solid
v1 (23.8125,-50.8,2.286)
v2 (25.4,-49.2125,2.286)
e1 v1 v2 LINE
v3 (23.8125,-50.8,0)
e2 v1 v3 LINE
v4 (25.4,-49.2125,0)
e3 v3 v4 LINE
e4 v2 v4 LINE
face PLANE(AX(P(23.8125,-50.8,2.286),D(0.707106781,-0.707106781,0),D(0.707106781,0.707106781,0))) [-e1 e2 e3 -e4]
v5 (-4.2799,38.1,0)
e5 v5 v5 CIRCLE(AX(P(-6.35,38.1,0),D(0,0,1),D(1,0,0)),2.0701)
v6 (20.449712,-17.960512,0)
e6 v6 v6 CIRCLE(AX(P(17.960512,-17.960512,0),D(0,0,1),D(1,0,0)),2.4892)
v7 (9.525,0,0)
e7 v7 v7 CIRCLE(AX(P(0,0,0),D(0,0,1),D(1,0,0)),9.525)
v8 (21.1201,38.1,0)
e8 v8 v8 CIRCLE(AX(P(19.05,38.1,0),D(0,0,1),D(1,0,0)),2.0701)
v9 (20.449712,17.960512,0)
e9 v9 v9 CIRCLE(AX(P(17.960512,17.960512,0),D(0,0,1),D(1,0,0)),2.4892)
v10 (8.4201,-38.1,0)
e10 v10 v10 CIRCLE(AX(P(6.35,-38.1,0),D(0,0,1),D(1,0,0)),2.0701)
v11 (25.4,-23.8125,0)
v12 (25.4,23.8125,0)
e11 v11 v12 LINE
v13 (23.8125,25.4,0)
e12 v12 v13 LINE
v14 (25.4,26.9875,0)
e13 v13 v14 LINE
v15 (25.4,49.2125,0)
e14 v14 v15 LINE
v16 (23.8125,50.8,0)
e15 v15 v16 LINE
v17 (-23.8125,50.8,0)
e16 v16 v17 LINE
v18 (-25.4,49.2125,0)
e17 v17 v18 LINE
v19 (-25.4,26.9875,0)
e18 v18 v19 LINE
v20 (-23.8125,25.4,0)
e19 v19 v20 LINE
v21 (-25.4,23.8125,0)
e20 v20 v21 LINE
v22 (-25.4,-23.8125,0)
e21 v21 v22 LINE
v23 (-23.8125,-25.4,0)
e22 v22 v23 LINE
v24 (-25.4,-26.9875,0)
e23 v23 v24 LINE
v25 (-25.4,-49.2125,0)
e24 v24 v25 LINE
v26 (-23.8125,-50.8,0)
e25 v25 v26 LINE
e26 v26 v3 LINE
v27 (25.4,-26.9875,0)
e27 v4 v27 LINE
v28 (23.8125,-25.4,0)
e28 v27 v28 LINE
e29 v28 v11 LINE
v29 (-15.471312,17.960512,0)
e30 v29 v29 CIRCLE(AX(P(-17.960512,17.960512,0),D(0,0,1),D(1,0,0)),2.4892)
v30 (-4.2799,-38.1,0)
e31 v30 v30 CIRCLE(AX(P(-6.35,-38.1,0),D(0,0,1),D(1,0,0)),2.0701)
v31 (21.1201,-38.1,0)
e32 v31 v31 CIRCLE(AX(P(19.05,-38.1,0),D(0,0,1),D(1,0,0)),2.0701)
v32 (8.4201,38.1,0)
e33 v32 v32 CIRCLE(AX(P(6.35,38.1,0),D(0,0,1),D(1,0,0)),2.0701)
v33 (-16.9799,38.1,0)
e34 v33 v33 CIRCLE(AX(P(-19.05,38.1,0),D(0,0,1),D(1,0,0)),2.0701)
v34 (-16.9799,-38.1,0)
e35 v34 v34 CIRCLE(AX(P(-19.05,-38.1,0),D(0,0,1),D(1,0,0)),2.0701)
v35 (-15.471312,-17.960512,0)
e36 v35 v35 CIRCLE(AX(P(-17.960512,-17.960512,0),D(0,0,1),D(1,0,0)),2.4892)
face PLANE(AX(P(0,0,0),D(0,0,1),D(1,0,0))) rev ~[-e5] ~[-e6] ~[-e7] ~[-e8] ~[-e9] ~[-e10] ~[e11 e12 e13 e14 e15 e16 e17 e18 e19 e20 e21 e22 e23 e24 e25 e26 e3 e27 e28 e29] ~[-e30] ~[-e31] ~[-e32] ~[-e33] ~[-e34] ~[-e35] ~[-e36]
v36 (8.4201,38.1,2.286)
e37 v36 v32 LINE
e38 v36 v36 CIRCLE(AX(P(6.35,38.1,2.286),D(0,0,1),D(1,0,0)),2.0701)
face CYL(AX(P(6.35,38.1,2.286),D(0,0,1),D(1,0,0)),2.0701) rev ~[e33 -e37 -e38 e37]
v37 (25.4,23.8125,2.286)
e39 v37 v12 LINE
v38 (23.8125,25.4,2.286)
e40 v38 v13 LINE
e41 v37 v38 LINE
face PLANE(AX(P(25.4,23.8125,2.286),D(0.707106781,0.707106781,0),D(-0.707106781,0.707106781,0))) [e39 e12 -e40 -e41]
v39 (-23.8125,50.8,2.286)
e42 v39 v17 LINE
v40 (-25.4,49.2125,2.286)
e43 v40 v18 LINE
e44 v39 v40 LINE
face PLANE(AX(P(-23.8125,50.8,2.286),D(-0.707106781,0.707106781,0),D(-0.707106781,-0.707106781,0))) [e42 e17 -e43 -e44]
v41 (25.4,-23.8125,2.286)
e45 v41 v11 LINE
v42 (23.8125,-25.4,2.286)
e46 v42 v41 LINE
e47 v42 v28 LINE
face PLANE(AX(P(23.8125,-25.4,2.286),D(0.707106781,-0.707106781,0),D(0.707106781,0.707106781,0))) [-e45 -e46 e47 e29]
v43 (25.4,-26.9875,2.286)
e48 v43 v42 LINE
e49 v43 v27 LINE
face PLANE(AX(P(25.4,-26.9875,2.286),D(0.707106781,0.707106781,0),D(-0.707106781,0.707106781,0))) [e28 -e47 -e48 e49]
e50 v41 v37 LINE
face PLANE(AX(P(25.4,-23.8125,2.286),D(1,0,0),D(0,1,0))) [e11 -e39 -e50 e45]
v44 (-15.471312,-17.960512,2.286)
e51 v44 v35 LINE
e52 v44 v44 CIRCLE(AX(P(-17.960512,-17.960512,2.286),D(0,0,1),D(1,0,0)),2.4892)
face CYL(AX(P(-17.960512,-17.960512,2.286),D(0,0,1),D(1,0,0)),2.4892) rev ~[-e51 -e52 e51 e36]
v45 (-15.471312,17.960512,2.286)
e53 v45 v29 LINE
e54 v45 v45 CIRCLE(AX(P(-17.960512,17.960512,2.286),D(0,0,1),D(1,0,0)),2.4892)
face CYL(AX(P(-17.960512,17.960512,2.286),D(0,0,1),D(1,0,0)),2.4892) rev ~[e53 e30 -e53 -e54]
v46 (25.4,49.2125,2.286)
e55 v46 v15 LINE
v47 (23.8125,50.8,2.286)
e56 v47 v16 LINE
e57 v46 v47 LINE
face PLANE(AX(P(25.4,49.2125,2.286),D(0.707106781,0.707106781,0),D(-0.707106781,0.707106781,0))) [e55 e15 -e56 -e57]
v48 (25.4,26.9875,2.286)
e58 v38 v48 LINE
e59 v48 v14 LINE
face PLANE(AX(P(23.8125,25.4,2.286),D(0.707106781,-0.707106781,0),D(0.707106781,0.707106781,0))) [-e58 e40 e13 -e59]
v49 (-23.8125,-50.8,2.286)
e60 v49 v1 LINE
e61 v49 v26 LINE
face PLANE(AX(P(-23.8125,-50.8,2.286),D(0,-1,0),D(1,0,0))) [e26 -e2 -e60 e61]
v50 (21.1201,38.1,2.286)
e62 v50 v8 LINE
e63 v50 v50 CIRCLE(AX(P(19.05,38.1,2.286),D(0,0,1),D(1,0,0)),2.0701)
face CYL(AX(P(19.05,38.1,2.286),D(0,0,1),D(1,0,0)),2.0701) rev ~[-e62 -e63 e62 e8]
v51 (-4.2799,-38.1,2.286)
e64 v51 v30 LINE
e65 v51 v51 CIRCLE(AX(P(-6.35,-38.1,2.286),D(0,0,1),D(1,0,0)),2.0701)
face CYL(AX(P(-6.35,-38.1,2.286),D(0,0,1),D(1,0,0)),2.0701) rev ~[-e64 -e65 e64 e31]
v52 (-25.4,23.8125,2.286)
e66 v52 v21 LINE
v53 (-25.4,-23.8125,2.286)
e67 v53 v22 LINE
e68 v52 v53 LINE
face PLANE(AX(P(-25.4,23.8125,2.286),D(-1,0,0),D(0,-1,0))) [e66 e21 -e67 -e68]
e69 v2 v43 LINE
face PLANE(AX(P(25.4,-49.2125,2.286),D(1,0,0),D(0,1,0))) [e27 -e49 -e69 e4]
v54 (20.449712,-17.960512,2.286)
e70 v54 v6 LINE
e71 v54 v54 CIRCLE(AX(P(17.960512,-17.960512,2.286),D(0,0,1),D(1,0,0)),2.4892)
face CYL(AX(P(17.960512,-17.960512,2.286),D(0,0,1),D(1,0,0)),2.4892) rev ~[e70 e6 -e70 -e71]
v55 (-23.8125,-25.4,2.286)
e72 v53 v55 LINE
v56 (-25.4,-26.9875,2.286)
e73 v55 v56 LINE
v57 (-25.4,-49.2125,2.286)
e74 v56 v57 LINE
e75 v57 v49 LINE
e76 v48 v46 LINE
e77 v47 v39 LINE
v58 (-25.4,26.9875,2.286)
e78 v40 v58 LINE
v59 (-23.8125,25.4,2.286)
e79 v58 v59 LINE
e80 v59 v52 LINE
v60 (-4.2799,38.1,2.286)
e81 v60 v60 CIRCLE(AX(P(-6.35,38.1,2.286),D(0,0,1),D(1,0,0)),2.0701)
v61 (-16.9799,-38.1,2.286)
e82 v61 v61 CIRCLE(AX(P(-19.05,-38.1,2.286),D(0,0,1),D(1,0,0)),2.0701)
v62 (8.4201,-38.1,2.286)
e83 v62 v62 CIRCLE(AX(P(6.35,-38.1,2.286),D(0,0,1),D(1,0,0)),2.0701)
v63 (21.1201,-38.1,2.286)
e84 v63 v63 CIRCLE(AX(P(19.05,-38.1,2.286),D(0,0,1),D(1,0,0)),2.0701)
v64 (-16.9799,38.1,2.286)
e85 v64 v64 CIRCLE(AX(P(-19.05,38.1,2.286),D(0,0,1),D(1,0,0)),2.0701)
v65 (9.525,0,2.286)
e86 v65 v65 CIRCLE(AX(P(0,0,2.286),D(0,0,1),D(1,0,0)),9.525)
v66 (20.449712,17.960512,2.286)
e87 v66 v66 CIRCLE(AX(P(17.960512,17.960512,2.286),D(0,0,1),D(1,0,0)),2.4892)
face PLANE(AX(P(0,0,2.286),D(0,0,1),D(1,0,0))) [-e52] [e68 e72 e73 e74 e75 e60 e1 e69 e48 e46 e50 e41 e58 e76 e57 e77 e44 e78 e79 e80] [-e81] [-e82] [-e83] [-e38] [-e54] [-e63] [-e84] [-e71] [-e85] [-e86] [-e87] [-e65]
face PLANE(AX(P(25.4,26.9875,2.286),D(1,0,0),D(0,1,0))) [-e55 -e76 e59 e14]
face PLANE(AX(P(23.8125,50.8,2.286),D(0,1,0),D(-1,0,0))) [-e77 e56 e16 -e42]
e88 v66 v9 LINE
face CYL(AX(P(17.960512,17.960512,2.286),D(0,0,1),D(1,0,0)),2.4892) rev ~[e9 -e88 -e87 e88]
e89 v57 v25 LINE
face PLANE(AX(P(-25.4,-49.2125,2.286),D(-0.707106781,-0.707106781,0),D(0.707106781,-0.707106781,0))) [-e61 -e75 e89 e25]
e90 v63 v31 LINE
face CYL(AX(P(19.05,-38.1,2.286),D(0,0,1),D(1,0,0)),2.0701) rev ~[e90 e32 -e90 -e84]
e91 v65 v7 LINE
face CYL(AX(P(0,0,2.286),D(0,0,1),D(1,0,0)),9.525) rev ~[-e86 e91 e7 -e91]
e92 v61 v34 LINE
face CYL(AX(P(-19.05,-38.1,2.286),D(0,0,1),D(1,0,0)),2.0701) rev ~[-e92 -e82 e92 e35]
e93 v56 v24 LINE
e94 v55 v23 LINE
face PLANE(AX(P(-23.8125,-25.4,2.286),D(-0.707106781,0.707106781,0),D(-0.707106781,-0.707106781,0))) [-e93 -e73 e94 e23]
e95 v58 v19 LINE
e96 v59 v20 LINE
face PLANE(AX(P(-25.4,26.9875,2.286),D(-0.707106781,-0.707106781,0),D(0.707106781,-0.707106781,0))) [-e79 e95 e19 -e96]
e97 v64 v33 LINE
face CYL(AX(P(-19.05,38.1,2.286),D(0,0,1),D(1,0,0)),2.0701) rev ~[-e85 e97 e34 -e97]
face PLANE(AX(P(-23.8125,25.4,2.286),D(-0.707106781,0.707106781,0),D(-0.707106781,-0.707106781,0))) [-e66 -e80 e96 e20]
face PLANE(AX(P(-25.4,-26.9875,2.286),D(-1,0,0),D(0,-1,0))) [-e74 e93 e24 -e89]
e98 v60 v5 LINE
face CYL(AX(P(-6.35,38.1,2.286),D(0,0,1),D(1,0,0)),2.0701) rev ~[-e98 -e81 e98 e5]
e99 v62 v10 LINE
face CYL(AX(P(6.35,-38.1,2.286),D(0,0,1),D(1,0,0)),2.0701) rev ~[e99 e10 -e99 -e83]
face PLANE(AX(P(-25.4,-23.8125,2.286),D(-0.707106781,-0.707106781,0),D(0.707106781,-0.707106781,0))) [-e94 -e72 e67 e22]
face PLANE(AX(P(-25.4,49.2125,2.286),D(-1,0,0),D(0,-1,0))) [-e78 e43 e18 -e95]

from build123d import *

# Parameters (mm, degrees)
SKETCH1_R           = 2.4892
SKETCH1_R_2         = 2.0701
SKETCH1_R_3         = 9.525
BOSS_EXTRUDE1_DEPTH = 2.286


with BuildPart() as part:
    # Sketch1 → Boss-Extrude1 (new body)
    with BuildSketch(Plane.XY.offset(2.286)):
        Polygon((25.4, -26.9875), (23.8125, -25.4), (25.4, -23.8125), (25.4, 23.8125), (23.8125, 25.4), (25.4, 26.9875), (25.4, 49.2125), (23.8125, 50.8), (-23.8125, 50.8), (-25.4, 49.2125), (-25.4, 26.9875), (-23.8125, 25.4), (-25.4, 23.8125), (-25.4, -23.8125), (-23.8125, -25.4), (-25.4, -26.9875), (-25.4, -49.2125), (-23.8125, -50.8), (23.8125, -50.8), (25.4, -49.2125), align=None)
        with Locations((-17.960512242, -17.960512242)):
            Circle(SKETCH1_R, mode=Mode.SUBTRACT)
        with Locations((-19.05, -38.1)):
            Circle(SKETCH1_R_2, mode=Mode.SUBTRACT)
        with Locations((-6.35, -38.1)):
            Circle(SKETCH1_R_2, mode=Mode.SUBTRACT)
        with Locations((19.05, -38.1)):
            Circle(SKETCH1_R_2, mode=Mode.SUBTRACT)
        Circle(SKETCH1_R_3, mode=Mode.SUBTRACT)
        with Locations((6.35, 38.1)):
            Circle(SKETCH1_R_2, mode=Mode.SUBTRACT)
        with Locations((-19.05, 38.1)):
            Circle(SKETCH1_R_2, mode=Mode.SUBTRACT)
        with Locations((-6.35, 38.1)):
            Circle(SKETCH1_R_2, mode=Mode.SUBTRACT)
        with Locations((19.05, 38.1)):
            Circle(SKETCH1_R_2, mode=Mode.SUBTRACT)
        with Locations((-17.960512242, 17.960512242)):
            Circle(SKETCH1_R, mode=Mode.SUBTRACT)
        with Locations((6.35, -38.1)):
            Circle(SKETCH1_R_2, mode=Mode.SUBTRACT)
        with Locations((17.960512242, -17.960512242)):
            Circle(SKETCH1_R, mode=Mode.SUBTRACT)
        with Locations((17.960512242, 17.960512242)):
            Circle(SKETCH1_R, mode=Mode.SUBTRACT)
    extrude(amount=-BOSS_EXTRUDE1_DEPTH)


solid = part.part
